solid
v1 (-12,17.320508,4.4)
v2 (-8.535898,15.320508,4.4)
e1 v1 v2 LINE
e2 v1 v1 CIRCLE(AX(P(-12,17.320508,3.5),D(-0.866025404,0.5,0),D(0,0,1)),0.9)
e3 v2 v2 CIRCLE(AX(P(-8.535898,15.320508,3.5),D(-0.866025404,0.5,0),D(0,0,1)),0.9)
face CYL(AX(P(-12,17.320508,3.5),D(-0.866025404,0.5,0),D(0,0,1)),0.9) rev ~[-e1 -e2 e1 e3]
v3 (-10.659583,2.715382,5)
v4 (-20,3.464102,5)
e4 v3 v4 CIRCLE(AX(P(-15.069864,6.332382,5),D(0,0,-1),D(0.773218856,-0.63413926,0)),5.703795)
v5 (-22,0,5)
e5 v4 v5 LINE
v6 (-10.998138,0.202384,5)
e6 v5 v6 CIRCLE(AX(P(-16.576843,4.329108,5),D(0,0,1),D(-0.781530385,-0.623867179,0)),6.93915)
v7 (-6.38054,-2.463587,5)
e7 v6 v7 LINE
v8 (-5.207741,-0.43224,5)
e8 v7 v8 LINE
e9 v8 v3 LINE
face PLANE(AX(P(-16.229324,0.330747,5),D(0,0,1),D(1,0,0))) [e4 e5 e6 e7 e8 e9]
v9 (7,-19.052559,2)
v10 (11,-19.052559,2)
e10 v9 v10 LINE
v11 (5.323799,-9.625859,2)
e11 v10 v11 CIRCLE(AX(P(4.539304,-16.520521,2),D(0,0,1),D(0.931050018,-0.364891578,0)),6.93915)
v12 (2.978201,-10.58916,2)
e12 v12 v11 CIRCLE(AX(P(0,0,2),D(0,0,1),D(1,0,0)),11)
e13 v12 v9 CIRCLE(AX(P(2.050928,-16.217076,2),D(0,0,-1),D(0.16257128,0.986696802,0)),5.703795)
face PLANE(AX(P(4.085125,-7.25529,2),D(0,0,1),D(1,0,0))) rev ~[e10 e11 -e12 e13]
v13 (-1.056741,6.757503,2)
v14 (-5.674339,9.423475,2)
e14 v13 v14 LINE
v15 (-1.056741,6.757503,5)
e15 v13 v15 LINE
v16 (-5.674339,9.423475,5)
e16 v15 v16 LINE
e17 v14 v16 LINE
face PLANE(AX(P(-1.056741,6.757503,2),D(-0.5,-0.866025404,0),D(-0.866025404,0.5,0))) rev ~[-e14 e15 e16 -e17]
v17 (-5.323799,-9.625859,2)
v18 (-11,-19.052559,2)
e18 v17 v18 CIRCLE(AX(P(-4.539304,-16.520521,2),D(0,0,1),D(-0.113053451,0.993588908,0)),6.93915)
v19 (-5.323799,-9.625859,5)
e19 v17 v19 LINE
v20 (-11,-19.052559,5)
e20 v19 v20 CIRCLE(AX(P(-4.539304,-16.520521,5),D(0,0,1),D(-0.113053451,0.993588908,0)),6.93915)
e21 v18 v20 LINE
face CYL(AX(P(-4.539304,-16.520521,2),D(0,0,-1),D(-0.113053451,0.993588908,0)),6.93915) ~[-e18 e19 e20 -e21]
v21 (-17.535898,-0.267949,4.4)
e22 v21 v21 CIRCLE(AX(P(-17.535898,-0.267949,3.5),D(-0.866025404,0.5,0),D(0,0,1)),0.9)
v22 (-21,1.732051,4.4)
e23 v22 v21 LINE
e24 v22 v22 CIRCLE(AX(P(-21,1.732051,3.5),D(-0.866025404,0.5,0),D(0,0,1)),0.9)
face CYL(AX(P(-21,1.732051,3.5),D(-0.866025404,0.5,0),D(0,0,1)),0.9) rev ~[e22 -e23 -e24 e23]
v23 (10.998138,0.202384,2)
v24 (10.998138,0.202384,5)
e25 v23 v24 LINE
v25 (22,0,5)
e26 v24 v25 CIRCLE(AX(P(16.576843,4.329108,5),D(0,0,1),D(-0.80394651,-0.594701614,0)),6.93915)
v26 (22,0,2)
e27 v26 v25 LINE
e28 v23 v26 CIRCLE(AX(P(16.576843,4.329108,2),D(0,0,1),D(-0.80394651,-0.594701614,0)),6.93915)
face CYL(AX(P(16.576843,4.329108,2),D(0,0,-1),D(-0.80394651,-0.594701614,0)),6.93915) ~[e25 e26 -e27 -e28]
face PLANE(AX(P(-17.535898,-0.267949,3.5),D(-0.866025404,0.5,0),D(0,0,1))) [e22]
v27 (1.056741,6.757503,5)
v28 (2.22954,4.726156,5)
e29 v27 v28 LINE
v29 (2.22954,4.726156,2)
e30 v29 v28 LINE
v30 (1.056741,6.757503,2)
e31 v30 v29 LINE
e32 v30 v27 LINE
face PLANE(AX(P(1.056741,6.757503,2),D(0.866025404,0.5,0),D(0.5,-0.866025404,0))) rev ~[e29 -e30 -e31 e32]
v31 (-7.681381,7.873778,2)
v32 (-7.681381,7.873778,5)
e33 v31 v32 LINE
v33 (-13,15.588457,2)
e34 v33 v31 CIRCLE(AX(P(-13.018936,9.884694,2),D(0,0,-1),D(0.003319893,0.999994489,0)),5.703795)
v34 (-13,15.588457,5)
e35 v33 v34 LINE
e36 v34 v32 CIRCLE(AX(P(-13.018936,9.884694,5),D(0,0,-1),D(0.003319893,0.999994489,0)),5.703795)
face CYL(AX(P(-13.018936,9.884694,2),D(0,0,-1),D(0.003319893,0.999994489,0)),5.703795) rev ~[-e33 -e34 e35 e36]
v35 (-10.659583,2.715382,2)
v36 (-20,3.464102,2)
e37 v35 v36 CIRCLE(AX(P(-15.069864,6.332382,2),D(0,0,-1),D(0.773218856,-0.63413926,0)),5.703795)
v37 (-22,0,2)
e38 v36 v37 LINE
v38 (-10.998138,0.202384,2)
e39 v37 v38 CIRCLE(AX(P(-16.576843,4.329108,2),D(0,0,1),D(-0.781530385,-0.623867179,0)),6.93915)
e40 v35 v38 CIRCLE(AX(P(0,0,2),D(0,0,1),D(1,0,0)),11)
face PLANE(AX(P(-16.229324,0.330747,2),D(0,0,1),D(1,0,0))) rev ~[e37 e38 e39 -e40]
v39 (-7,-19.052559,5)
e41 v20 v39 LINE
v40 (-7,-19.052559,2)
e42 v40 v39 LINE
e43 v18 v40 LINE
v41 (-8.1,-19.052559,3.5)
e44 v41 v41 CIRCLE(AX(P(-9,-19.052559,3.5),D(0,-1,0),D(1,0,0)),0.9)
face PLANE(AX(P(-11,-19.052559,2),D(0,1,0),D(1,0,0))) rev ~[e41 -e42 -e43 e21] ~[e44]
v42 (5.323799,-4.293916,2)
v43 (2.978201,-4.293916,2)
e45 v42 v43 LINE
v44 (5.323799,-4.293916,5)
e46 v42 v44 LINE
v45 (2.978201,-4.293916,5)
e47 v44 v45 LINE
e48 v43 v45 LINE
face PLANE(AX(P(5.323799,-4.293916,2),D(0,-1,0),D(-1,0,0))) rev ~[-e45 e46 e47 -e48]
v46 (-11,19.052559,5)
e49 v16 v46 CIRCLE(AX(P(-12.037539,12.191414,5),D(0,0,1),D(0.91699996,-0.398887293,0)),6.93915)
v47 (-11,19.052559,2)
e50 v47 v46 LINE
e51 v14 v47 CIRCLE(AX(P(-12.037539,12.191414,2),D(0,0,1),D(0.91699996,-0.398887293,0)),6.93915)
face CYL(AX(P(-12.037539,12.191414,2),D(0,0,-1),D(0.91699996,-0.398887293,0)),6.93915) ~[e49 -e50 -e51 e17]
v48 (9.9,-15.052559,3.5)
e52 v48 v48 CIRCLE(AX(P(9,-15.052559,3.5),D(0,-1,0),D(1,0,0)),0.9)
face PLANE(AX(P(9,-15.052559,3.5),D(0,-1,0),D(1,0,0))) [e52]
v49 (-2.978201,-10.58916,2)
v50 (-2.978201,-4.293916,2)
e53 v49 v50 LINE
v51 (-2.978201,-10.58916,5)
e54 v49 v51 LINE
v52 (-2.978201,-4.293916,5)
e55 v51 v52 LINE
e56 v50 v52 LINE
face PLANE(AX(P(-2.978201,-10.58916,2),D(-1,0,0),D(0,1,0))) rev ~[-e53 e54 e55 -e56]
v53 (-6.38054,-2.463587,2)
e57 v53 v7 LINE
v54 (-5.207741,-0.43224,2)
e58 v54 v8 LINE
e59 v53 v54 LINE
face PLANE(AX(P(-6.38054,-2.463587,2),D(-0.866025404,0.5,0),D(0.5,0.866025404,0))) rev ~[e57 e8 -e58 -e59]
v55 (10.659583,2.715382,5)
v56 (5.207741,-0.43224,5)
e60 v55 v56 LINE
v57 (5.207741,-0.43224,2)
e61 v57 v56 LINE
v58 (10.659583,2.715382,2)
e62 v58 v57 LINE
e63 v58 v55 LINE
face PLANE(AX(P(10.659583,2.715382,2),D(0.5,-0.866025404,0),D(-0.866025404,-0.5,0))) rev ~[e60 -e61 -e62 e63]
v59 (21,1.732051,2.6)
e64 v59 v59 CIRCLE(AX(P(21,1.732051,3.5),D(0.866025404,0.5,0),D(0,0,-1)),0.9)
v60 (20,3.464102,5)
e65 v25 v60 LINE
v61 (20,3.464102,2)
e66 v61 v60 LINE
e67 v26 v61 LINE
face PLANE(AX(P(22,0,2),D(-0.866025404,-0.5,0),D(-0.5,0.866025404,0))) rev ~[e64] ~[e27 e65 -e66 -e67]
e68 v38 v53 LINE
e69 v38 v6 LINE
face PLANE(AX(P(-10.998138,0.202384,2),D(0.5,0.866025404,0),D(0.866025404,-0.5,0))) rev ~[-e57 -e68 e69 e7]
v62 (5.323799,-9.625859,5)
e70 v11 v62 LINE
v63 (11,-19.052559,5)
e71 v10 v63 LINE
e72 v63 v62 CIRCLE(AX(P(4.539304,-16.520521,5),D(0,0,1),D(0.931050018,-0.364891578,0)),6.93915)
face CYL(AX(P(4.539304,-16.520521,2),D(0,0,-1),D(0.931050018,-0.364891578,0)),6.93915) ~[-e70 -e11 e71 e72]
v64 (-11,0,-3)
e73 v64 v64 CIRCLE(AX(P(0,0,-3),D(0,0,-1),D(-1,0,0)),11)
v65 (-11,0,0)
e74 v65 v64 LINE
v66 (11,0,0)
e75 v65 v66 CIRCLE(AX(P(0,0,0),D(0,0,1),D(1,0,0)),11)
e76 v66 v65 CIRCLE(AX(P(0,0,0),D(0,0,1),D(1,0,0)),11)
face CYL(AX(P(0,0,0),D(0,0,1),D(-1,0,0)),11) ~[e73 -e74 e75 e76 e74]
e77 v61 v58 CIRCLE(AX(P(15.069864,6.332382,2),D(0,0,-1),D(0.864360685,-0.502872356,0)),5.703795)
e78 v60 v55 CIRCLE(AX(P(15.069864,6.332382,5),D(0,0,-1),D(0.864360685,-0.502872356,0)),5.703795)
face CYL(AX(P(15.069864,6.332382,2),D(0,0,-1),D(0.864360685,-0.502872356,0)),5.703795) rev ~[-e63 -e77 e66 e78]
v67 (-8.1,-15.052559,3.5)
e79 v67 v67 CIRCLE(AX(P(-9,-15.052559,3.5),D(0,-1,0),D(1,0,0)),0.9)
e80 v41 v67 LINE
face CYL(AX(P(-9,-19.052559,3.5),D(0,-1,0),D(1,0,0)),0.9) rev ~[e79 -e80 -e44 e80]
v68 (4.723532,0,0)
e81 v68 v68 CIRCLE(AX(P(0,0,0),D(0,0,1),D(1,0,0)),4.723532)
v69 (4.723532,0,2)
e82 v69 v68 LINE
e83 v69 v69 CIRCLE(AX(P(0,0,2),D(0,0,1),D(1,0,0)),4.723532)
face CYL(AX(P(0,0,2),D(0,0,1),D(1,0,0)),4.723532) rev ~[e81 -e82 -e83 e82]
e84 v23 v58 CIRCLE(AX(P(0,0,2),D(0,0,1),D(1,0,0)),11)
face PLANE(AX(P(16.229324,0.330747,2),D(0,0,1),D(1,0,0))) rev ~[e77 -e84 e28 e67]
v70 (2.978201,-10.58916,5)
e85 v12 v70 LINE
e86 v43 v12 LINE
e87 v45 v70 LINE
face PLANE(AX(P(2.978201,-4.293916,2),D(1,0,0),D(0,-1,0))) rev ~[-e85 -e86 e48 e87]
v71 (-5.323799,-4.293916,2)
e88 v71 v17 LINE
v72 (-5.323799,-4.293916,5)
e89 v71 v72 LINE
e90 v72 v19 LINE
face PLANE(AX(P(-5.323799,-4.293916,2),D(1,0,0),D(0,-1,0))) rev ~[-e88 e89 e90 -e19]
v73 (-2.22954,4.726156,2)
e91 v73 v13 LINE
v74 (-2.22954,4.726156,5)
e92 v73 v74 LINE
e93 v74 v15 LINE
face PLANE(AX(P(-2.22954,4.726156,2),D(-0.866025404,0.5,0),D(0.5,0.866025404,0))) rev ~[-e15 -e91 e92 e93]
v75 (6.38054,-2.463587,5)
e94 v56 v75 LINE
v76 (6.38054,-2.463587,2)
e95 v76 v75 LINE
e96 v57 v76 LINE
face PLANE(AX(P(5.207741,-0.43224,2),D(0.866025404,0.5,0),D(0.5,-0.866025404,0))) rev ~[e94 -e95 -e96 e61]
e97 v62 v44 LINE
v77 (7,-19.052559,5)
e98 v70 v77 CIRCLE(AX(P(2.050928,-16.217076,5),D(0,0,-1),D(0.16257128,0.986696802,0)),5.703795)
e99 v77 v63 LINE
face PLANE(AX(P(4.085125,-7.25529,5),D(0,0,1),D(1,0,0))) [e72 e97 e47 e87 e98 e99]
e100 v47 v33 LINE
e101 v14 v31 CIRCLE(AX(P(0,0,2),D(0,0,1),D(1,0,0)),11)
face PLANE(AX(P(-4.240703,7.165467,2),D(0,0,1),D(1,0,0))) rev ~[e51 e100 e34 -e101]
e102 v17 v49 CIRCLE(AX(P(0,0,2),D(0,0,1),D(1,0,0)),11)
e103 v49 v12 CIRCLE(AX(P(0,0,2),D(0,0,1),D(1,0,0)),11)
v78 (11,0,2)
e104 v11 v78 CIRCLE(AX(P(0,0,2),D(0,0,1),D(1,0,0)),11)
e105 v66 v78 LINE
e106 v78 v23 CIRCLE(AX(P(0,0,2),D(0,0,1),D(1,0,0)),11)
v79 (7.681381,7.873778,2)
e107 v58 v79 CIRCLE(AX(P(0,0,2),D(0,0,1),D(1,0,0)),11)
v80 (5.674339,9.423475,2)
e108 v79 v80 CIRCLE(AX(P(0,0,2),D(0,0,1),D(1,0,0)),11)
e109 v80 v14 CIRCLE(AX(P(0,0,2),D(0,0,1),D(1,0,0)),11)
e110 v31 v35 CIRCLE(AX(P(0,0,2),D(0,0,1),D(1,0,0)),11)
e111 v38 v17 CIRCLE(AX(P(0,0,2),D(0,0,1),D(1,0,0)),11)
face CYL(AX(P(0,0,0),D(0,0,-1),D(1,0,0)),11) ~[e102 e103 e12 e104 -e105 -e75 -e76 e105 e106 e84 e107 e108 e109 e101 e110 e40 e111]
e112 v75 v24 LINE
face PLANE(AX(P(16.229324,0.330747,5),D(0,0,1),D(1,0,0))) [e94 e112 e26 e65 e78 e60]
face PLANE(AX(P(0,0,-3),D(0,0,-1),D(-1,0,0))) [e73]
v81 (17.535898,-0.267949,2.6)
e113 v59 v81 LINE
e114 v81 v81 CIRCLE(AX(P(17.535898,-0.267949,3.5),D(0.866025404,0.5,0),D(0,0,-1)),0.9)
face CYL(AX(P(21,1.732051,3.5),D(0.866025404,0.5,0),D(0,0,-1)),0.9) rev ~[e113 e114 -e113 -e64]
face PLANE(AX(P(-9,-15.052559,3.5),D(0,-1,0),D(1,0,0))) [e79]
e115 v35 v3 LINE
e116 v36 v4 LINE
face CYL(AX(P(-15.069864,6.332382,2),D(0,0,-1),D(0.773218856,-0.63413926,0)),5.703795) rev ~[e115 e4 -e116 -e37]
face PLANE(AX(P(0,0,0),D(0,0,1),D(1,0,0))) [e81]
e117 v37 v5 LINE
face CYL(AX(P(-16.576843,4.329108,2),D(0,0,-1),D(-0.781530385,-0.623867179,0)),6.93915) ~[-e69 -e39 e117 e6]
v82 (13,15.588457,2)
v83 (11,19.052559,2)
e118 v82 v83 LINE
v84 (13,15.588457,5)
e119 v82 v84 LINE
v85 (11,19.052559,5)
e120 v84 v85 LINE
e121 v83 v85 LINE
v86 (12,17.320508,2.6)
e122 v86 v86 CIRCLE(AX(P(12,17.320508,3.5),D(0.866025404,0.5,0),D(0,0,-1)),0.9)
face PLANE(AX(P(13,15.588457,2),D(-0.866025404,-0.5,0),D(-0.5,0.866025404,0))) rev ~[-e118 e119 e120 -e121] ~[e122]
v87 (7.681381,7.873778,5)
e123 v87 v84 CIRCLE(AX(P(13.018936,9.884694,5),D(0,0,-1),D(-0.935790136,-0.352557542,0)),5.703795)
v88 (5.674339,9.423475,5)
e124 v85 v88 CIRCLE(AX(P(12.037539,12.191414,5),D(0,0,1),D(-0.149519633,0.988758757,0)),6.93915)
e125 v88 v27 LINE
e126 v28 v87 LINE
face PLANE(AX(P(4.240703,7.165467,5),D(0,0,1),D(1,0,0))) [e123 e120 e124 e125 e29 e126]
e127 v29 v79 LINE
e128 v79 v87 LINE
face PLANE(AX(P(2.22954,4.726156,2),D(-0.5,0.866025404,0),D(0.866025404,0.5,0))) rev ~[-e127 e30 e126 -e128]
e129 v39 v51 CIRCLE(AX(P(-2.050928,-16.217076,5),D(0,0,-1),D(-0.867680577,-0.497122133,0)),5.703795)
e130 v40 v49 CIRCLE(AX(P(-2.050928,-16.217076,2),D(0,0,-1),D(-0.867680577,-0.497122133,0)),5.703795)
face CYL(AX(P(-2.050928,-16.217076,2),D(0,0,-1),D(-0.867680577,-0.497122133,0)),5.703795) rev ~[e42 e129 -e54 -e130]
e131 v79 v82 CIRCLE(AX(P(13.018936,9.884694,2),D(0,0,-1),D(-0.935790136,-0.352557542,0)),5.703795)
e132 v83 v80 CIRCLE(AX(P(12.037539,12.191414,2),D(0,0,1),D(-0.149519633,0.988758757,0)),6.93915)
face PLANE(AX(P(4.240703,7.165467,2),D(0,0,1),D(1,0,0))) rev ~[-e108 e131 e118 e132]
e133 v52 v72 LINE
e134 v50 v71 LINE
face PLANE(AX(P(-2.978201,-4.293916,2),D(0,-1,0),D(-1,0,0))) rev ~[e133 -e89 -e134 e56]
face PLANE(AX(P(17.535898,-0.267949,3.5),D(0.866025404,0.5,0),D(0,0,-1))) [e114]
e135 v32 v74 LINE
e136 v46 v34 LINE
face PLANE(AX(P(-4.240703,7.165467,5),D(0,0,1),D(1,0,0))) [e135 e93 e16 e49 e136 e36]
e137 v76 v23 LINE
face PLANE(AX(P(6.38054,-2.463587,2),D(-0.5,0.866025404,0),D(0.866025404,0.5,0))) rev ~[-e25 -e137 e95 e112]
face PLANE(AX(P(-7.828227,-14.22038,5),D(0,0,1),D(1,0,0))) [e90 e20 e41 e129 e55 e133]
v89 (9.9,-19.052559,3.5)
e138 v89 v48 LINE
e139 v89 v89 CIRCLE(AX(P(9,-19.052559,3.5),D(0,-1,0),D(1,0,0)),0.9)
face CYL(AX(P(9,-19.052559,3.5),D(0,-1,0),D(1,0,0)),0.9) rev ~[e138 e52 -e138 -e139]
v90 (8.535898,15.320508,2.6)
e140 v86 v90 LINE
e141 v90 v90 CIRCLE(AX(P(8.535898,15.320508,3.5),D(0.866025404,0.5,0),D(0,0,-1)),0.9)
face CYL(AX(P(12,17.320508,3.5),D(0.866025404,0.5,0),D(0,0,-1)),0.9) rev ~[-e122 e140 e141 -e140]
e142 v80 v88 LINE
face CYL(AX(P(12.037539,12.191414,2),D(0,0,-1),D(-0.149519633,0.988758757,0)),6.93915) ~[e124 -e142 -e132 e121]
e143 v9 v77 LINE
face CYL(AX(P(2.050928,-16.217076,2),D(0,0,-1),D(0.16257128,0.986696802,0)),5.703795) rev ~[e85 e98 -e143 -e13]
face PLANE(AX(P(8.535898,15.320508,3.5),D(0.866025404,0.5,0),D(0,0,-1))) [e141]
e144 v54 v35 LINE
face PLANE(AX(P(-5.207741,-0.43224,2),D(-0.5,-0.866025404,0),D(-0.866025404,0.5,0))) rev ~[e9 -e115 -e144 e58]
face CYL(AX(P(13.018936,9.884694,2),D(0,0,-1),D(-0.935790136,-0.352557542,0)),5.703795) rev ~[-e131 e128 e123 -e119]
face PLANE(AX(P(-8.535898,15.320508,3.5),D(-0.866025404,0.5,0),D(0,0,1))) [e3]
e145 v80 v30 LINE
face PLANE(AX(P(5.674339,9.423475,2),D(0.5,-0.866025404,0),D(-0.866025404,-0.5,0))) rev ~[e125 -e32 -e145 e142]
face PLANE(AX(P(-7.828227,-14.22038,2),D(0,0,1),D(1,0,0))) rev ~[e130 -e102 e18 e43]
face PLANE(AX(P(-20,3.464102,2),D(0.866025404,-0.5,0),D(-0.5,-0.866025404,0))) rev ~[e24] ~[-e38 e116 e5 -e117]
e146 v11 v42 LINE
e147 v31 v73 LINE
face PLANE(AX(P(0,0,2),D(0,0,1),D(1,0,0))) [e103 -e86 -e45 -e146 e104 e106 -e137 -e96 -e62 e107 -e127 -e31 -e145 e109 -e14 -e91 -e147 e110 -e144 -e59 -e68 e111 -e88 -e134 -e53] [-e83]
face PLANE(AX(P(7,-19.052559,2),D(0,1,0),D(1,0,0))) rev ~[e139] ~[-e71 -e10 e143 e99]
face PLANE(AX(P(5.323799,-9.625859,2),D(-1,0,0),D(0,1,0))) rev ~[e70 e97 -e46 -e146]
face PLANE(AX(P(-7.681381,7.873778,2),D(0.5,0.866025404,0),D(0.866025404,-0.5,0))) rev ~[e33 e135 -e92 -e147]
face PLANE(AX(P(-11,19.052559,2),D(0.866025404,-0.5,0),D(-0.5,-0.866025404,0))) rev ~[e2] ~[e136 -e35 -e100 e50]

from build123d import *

# Parameters (mm, degrees)
SKETCH_1_R          = 11
EXTRUDE_1_DEPTH     = 2
EXTRUDE_2_DEPTH     = 3
SKETCH_4_R          = 0.9
CUT_EXTRUDE_1_DEPTH = 4
SKETCH_5_R          = 0.9
CUT_EXTRUDE_2_DEPTH = 4
SKETCH_6_R          = 0.9
CUT_EXTRUDE_3_DEPTH = 4
SKETCH_8_R          = 11
EXTRUDE_3_DEPTH     = 3
SKETCH_9_R          = 4.723532035
CUT_EXTRUDE_4_DEPTH = 2


with BuildPart() as part:
    # 草图1 → 凸台-拉伸1 (new body)
    with BuildSketch(Plane.XY):
        Circle(SKETCH_1_R)
    extrude(amount=EXTRUDE_1_DEPTH)

    # 草图2 → 凸台-拉伸2 (add)
    with BuildSketch(Plane.XY.offset(2)):
        with BuildLine():
            ThreePointArc((-5.674338907, 9.423474835), (-6.722663515, 8.706652357), (-7.681381188, 7.873778194))
            Line((-7.681381188, 7.873778194), (-2.2295398, 4.726156102))
            Line((-2.2295398, 4.726156102), (-1.056740901, 6.757503383))
            Line((-1.056740901, 6.757503383), (-5.674338907, 9.423474835))
        make_face()
        with BuildLine():
            Line((-11, 19.052558883), (-13, 15.588457268))
            ThreePointArc((-13, 15.588457268), (-8.322973179, 13.122163256), (-7.681381188, 7.873778194))
            ThreePointArc((-7.681381188, 7.873778194), (-6.722663515, 8.706652357), (-5.674338907, 9.423474835))
            ThreePointArc((-5.674338907, 9.423474835), (-5.965261919, 15.549873274), (-11, 19.052558883))
        make_face()
        with BuildLine():
            Line((-20, 3.464101615), (-22, 0))
            ThreePointArc((-22, 0), (-16.44921624, -2.608868275), (-10.998138053, 0.202384226))
            ThreePointArc((-10.998138053, 0.202384226), (-10.901513881, 1.468671206), (-10.659582534, 2.715382148))
            ThreePointArc((-10.659582534, 2.715382148), (-15.525613322, 0.64682458), (-20, 3.464101615))
        make_face()
        with BuildLine():
            ThreePointArc((-10.659582534, 2.715382148), (-10.901513881, 1.468671206), (-10.998138053, 0.202384226))
            Line((-10.998138053, 0.202384226), (-6.380540046, -2.463587226))
            Line((-6.380540046, -2.463587226), (-5.207741146, -0.432239945))
            Line((-5.207741146, -0.432239945), (-10.659582534, 2.715382148))
        make_face()
        with BuildLine():
            ThreePointArc((-5.323799145, -9.625859061), (-10.483954321, -12.941004999), (-11, -19.052558883))
            Line((-11, -19.052558883), (-7, -19.052558883))
            ThreePointArc((-7, -19.052558883), (-7.202640143, -13.768987836), (-2.978201346, -10.589160342))
            ThreePointArc((-2.978201346, -10.589160342), (-4.178850366, -10.175323563), (-5.323799145, -9.625859061))
        make_face()
        with BuildLine():
            Line((-5.323799145, -4.293916157), (-5.323799145, -9.625859061))
            ThreePointArc((-5.323799145, -9.625859061), (-4.178850366, -10.175323563), (-2.978201346, -10.589160342))
            Line((-2.978201346, -10.589160342), (-2.978201346, -4.293916157))
            Line((-2.978201346, -4.293916157), (-5.323799145, -4.293916157))
        make_face()
        with BuildLine():
            Line((2.978201346, -4.293916157), (2.978201346, -10.589160342))
            ThreePointArc((2.978201346, -10.589160342), (4.178850366, -10.175323563), (5.323799145, -9.625859061))
            Line((5.323799145, -9.625859061), (5.323799145, -4.293916157))
            Line((5.323799145, -4.293916157), (2.978201346, -4.293916157))
        make_face()
        with BuildLine():
            ThreePointArc((2.978201346, -10.589160342), (7.202640143, -13.768987836), (7, -19.052558883))
            Line((7, -19.052558883), (11, -19.052558883))
            ThreePointArc((11, -19.052558883), (10.483954321, -12.941004999), (5.323799145, -9.625859061))
            ThreePointArc((5.323799145, -9.625859061), (4.178850366, -10.175323563), (2.978201346, -10.589160342))
        make_face()
        with BuildLine():
            ThreePointArc((10.998138053, 0.202384226), (16.44921624, -2.608868275), (22, 0))
            Line((22, 0), (20, 3.464101615))
            ThreePointArc((20, 3.464101615), (15.525613322, 0.64682458), (10.659582534, 2.715382148))
            ThreePointArc((10.659582534, 2.715382148), (10.901513881, 1.468671206), (10.998138053, 0.202384226))
        make_face()
        with BuildLine():
            Line((6.380540046, -2.463587226), (10.998138053, 0.202384226))
            ThreePointArc((10.998138053, 0.202384226), (10.901513881, 1.468671206), (10.659582534, 2.715382148))
            Line((10.659582534, 2.715382148), (5.207741146, -0.432239945))
            Line((5.207741146, -0.432239945), (6.380540046, -2.463587226))
        make_face()
        with BuildLine():
            ThreePointArc((7.681381188, 7.873778194), (6.722663515, 8.706652357), (5.674338907, 9.423474835))
            Line((5.674338907, 9.423474835), (1.056740901, 6.757503383))
            Line((1.056740901, 6.757503383), (2.2295398, 4.726156102))
            Line((2.2295398, 4.726156102), (7.681381188, 7.873778194))
        make_face()
        with BuildLine():
            Line((13, 15.588457268), (11, 19.052558883))
            ThreePointArc((11, 19.052558883), (5.965261919, 15.549873274), (5.674338907, 9.423474835))
            ThreePointArc((5.674338907, 9.423474835), (6.722663515, 8.706652357), (7.681381188, 7.873778194))
            ThreePointArc((7.681381188, 7.873778194), (8.322973179, 13.122163256), (13, 15.588457268))
        make_face()
    extrude(amount=EXTRUDE_2_DEPTH)

    # 草图4 → 切除-拉伸1 (cut)
    with BuildSketch(Plane(origin=(-16.5, 9.526279442, 0), x_dir=(0, 0, 1), z_dir=(-0.866025404, 0.5, 0))):
        with Locations((3.5, 9)):
            Circle(SKETCH_4_R)
        with Locations((3.5, -9)):
            Circle(SKETCH_4_R)
    extrude(amount=-CUT_EXTRUDE_1_DEPTH, mode=Mode.SUBTRACT)

    # 草图5 → 切除-拉伸2 (cut)
    with BuildSketch(Plane(origin=(16.5, 9.526279442, 0), x_dir=(0, 0, -1), z_dir=(0.866025404, 0.5, 0))):
        with Locations((-3.5, -9)):
            Circle(SKETCH_5_R)
        with Locations((-3.5, 9)):
            Circle(SKETCH_5_R)
    extrude(amount=-CUT_EXTRUDE_2_DEPTH, mode=Mode.SUBTRACT)

    # 草图6 → 切除-拉伸3 (cut)
    with BuildSketch(Plane.XZ.offset(19.052558883)):
        with Locations((-9, 3.5)):
            Circle(SKETCH_6_R)
        with Locations((9, 3.5)):
            Circle(SKETCH_6_R)
    extrude(amount=-CUT_EXTRUDE_3_DEPTH, mode=Mode.SUBTRACT)

    # 草图8 → 凸台-拉伸3 (add)
    with BuildSketch(Plane(origin=(0, 0, 0), x_dir=(-1, 0, 0), z_dir=(0, 0, -1))):
        Circle(SKETCH_8_R)
    extrude(amount=EXTRUDE_3_DEPTH)

    # 草图9 → 切除-拉伸4 (cut)
    with BuildSketch(Plane.XY.offset(2)):
        Circle(SKETCH_9_R)
    extrude(amount=-CUT_EXTRUDE_4_DEPTH, mode=Mode.SUBTRACT)


solid = part.part
